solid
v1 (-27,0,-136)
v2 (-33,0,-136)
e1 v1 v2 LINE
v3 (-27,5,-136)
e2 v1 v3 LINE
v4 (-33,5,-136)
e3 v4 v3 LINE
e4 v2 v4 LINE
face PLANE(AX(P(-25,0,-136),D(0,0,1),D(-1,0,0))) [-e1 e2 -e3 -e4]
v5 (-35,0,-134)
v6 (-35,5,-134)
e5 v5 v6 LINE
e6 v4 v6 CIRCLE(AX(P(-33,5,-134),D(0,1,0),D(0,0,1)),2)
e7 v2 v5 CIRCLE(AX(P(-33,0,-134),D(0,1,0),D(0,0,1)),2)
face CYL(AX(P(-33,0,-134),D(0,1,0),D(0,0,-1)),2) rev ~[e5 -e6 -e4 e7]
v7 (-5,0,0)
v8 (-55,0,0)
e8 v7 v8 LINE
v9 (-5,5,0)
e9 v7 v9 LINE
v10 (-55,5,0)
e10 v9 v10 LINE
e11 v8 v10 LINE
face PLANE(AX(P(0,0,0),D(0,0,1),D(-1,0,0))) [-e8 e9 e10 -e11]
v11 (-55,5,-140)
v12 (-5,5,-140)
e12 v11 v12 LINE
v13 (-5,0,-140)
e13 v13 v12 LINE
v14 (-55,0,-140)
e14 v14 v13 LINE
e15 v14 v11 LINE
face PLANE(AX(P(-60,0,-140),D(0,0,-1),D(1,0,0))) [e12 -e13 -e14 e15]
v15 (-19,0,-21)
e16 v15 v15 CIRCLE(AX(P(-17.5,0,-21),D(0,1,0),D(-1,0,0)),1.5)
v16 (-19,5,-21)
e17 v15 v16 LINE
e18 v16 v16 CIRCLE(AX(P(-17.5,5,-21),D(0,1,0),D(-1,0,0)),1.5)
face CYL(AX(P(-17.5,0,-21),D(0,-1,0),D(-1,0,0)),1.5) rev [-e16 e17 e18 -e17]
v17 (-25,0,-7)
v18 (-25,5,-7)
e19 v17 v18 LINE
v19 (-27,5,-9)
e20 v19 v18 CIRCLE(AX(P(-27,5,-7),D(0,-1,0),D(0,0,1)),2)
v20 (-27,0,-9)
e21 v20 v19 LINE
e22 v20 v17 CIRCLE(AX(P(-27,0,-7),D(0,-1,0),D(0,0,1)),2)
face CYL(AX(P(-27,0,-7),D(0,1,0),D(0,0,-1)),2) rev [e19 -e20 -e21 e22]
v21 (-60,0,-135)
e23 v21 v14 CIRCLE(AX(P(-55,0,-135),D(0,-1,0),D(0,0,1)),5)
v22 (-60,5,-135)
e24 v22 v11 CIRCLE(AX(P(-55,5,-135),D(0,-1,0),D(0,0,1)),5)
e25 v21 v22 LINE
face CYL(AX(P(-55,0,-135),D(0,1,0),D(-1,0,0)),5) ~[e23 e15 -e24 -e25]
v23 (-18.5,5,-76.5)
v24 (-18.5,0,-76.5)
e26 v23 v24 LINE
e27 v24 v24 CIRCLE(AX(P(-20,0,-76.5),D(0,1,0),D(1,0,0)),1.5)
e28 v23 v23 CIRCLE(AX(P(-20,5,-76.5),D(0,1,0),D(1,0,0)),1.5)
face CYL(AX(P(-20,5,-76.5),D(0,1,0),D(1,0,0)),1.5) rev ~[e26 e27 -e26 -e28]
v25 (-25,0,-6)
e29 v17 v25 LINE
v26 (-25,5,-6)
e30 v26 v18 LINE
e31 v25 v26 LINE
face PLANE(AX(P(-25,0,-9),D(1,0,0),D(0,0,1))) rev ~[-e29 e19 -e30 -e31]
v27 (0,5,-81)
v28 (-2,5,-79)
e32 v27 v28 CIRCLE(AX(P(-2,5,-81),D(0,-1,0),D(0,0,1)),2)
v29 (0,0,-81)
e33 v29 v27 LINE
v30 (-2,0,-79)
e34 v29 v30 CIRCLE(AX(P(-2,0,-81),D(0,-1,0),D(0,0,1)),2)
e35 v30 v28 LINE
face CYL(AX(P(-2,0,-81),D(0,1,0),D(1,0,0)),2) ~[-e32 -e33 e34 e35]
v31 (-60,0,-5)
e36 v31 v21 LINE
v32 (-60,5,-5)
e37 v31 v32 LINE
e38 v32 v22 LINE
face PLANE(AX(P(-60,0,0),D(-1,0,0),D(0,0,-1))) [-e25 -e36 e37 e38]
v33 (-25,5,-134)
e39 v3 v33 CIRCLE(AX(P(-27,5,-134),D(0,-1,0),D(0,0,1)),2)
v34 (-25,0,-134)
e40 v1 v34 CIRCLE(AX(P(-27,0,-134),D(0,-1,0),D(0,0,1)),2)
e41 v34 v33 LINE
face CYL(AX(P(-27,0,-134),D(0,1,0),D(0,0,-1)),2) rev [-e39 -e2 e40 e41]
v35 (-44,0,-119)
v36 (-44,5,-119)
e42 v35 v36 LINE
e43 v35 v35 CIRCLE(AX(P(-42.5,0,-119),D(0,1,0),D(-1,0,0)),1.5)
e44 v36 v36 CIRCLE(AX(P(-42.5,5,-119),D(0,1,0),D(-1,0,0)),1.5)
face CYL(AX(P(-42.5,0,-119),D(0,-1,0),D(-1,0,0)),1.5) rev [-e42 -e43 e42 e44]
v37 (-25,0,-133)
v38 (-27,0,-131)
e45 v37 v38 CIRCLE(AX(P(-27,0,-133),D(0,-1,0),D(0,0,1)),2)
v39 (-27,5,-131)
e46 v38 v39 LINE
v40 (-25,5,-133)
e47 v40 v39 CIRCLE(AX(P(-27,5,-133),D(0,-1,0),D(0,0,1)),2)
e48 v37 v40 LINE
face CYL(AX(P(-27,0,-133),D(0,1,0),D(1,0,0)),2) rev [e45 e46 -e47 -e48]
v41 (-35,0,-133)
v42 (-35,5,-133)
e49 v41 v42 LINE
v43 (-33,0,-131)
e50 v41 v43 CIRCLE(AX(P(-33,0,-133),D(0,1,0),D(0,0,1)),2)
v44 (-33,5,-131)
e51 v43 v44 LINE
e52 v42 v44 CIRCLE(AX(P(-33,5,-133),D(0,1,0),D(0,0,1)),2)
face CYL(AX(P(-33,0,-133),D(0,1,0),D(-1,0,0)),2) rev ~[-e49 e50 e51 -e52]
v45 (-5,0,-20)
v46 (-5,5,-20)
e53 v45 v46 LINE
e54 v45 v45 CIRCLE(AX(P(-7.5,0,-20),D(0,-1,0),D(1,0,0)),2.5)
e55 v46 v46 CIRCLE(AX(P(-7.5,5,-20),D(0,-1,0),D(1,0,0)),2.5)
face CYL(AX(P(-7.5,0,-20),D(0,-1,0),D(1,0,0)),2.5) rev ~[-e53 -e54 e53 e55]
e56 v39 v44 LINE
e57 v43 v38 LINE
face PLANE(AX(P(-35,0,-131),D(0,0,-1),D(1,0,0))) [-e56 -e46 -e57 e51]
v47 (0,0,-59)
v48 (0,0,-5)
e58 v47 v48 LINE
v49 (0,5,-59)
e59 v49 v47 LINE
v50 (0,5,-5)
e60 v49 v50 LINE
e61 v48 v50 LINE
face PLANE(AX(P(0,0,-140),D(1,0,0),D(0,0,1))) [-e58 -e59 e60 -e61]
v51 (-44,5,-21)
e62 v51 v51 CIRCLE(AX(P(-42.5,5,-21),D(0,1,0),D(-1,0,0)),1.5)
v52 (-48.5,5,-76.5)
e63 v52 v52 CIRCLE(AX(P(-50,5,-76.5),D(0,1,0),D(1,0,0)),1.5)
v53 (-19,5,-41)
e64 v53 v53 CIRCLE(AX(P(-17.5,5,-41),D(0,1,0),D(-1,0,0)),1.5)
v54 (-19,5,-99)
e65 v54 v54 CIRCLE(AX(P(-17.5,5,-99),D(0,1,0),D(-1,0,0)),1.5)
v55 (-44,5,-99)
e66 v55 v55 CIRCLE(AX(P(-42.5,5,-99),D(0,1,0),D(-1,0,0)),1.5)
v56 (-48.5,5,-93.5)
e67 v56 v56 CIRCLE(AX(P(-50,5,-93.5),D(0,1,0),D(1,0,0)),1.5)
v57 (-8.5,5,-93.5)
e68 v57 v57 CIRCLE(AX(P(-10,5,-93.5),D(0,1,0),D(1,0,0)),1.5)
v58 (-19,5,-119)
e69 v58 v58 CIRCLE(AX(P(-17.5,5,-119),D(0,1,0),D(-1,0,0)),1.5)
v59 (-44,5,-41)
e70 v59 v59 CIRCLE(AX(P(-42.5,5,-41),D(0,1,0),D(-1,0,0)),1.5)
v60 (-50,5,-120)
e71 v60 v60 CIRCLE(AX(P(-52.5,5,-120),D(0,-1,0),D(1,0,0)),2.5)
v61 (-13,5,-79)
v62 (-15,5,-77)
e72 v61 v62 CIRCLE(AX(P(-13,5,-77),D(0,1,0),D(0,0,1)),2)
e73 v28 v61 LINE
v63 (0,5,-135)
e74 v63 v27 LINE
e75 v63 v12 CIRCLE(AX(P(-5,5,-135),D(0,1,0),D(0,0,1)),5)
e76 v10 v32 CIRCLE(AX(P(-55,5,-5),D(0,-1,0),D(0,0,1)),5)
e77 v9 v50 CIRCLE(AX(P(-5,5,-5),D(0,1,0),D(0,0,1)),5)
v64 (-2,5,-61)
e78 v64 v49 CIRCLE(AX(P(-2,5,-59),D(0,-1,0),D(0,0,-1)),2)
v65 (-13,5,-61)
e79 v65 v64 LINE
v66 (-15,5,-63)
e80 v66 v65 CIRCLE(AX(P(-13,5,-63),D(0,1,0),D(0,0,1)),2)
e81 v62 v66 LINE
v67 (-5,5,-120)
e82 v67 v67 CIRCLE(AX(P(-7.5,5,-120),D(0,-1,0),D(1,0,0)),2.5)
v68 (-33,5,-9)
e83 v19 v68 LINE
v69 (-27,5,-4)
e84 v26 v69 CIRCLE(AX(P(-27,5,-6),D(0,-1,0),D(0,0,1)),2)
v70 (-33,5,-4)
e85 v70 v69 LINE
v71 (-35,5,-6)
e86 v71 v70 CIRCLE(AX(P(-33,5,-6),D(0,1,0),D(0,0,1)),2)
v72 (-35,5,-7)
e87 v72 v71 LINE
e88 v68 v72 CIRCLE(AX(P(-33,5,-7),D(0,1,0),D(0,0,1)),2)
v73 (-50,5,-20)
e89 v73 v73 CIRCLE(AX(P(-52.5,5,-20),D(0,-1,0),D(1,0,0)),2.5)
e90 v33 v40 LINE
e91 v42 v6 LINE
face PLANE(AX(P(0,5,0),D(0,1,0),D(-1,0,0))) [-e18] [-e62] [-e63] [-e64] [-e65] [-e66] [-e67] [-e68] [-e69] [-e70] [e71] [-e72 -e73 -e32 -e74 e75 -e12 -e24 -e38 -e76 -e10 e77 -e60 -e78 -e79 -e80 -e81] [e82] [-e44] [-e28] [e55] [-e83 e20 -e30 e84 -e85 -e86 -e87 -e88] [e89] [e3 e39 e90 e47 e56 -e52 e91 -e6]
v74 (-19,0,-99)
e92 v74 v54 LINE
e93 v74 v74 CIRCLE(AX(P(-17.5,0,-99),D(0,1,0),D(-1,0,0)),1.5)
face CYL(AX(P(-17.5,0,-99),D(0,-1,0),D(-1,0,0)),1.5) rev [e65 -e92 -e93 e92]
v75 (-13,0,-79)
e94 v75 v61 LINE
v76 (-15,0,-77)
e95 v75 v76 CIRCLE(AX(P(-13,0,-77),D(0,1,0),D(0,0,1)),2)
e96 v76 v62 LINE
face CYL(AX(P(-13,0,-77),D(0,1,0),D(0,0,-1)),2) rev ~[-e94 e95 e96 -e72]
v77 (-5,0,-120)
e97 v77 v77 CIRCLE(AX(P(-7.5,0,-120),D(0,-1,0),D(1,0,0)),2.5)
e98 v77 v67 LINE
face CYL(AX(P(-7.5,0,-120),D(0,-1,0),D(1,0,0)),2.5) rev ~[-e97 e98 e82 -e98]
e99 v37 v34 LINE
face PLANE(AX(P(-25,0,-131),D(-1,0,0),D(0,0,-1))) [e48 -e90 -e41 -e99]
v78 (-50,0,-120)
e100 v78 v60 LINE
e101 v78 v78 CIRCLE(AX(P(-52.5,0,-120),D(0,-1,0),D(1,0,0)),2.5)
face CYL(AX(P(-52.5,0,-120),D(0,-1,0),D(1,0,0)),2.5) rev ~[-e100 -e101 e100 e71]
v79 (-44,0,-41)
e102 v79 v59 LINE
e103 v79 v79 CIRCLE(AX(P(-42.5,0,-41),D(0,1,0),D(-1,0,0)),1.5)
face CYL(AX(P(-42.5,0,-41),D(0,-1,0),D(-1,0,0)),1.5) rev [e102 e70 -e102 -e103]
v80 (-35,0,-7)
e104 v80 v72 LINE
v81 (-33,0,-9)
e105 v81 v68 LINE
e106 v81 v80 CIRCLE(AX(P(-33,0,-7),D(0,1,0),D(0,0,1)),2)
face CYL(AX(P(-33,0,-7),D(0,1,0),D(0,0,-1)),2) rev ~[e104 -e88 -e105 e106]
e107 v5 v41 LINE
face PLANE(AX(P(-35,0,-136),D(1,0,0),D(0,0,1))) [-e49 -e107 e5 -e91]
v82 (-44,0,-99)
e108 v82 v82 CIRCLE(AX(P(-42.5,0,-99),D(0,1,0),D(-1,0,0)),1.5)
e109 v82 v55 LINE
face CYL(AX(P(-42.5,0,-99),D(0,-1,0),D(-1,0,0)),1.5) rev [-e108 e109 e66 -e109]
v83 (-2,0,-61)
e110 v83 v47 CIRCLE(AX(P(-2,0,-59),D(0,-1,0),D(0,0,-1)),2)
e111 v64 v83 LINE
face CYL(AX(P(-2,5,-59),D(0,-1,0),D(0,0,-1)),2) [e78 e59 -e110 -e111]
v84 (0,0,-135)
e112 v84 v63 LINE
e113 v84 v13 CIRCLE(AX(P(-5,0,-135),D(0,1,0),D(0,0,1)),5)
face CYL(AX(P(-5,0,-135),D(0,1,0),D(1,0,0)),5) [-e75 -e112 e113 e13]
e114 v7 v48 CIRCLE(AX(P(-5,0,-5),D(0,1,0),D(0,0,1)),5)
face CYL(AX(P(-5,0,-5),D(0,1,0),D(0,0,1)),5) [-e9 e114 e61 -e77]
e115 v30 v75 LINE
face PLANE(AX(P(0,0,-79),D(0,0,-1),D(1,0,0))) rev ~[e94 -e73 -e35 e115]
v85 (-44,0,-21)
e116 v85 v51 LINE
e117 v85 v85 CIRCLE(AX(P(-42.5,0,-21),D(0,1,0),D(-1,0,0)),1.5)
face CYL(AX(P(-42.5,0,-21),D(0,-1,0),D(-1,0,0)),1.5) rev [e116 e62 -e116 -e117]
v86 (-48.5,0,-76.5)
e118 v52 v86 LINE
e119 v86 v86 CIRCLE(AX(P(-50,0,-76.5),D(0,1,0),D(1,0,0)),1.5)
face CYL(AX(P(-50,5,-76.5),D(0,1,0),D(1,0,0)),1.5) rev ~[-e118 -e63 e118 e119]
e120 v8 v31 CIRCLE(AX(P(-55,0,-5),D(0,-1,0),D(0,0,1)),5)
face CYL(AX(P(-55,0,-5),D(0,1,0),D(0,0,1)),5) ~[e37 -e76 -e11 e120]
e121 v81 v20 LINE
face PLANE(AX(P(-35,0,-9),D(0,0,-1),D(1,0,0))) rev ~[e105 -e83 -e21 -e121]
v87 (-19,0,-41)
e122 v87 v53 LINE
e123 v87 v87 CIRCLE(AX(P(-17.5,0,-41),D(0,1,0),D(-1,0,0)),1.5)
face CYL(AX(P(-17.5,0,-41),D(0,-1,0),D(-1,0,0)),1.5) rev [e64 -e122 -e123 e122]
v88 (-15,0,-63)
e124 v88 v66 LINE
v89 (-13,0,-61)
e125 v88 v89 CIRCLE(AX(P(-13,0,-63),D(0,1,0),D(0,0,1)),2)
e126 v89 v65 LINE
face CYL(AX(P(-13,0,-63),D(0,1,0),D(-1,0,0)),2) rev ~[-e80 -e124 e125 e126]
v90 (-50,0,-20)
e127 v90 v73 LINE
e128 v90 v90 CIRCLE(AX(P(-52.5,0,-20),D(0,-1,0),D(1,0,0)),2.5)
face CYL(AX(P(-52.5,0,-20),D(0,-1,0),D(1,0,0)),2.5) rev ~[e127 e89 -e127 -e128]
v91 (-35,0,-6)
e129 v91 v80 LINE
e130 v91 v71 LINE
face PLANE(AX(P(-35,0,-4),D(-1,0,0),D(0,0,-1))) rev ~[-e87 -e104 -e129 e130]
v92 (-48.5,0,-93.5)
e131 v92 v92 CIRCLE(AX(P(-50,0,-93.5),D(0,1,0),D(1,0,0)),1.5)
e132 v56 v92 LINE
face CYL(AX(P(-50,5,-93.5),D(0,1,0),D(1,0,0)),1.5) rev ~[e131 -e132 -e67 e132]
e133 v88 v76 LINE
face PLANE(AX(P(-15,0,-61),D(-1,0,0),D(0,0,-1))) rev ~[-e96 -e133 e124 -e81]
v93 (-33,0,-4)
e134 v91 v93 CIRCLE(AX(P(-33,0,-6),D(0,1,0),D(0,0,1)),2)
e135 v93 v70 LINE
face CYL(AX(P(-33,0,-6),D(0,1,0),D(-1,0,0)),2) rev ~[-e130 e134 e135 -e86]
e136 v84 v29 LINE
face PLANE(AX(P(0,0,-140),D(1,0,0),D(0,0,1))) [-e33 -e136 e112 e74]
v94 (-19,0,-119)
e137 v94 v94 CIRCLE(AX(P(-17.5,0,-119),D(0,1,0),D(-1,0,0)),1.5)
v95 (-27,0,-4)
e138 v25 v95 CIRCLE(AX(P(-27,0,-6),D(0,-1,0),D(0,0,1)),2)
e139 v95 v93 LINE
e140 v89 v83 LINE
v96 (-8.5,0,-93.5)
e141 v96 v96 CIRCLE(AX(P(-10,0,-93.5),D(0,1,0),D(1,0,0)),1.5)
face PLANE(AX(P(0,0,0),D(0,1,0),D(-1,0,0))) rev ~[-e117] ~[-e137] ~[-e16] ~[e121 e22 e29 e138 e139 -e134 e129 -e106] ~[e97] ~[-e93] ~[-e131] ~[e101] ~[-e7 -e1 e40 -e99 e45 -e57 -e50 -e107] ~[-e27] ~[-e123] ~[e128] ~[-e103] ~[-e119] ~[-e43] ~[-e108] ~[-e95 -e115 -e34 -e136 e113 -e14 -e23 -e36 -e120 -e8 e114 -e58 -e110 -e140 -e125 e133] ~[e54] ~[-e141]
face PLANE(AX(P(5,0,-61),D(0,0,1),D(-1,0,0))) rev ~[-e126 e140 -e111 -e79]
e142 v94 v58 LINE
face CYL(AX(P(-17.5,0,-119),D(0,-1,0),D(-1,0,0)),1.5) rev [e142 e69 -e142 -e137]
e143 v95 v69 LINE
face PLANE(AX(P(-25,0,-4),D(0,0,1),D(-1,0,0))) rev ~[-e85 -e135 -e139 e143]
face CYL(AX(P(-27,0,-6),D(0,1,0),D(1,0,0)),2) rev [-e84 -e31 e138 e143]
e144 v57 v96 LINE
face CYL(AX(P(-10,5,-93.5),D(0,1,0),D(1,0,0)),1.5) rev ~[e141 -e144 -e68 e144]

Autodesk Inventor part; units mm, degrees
ref_plane "YZ Plane" through (0, 0, 0) normal (1, 0, 0) x (0, 1, 0)
ref_plane "XZ Plane" through (0, 0, 0) normal (0, 1, 0) x (-1, 0, 0)
ref_plane "XY Plane" through (0, 0, 0) normal (0, 0, 1) x (1, 0, 0)
sketch "Sketch1" plane through (0, 0, 0) normal (0, 1, 0) x (-1, 0, 0)
  line L0 (0, 0) -> (60, 0)
  line L1 (60, 0) -> (60, -140)
  line L2 (60, -140) -> (0, -140)
  line L3 (0, -140) -> (0, 0)
  line L4 (30, -20.8594) -> (30, -183.1932) construction
  line L5 (42.5, -21.7206) -> (42.5, -191.0157) construction
  line L6 (17.5, -21.7206) -> (17.5, -184.1979) construction
  circle A0 centre (42.5, -21) radius 1.5
  circle A1 centre (42.5, -41) radius 1.5
  circle A2 centre (42.5, -99) radius 1.5
  circle A3 centre (42.5, -119) radius 1.5
  circle A4 centre (17.5, -99) radius 1.5
  circle A5 centre (17.5, -119) radius 1.5
  circle A6 centre (17.5, -41) radius 1.5
  circle A7 centre (17.5, -21) radius 1.5
  dimension "d0" = 140
  dimension "d1" = 60
  dimension "d2" = 30
  dimension "d3" = 12.5
  dimension "d4" = 12.5
  dimension "d5" = 3
  dimension "d6" = 3
  dimension "d7" = 3
  dimension "d8" = 3
  dimension "d9" = 3
  dimension "d10" = 3
  dimension "d11" = 3
  dimension "d12" = 3
  dimension "d13" = 20
  dimension "d14" = 20
  dimension "d15" = 20
  dimension "d16" = 20
  dimension "d17" = 21
  dimension "d18" = 21
  dimension "d19" = 21
  dimension "d20" = 21
extrude "Extrusion1" add sketch "Sketch1" along normal blind 5
sketch "Sketch2" plane through (0, 0, 0) normal (0, -1, 0) x (1, 0, 0)
  circle A0 centre (-7.5, -20) radius 2.5
  circle A1 centre (-7.5, -120) radius 2.5
  circle A2 centre (-52.5, -20) radius 2.5
  circle A3 centre (-52.5, -120) radius 2.5
  line L0 (-60, 0) -> (0, 0) projected
  line L1 (0, 0) -> (0, -140) projected
  line L2 (-60, -140) -> (-60, 0) projected
  line L3 (0, -140) -> (-60, -140) projected
  dimension "d23" = 5
  dimension "d24" = 5
  dimension "d25" = 5
  dimension "d26" = 5
  dimension "d27" = 20
  dimension "d28" = 7.5
  dimension "d29" = 20
  dimension "d30" = 7.5
  dimension "d31" = 20
  dimension "d32" = 7.5
  dimension "d33" = 20
  dimension "d34" = 7.5
extrude "Extrusion2" cut sketch "Sketch2" against normal blind 10 contours A0 | A1 | A2 | A3
sketch "Sketch3" plane through (0, 0, 0) normal (0, -1, 0) x (1, 0, 0)
  line L0 (-25, -4) -> (-35, -4)
  line L1 (-35, -4) -> (-35, -9)
  line L2 (-35, -9) -> (-25, -9)
  line L3 (-25, -9) -> (-25, -4)
  line L4 (9.3646, -70) -> (-76.8402, -70) construction
  line L5 (-60, 0) -> (0, 0) projected
  line L6 (0, 0) -> (0, -140) projected
  line L7 (-25, -136) -> (-35, -136)
  line L8 (-35, -136) -> (-35, -131)
  line L9 (-35, -131) -> (-25, -131)
  line L10 (-25, -131) -> (-25, -136)
  dimension "d40" = 70
  dimension "d41" = 10
  dimension "d42" = 4
  dimension "d43" = 5
  dimension "d44" = 25
extrude "Extrusion3" cut sketch "Sketch3" against normal blind 10
fillet "Fillet2" radius 5 4 edges at (-60, 2.5, 0) (-60, 2.5, -140) (0, 2.5, -140) (0, 2.5, 0)
sketch "Sketch4" plane through (0, 5, 0) normal (0, 1, 0) x (1, 0, 0)
  circle A0 centre (-50, 76.5) radius 1.5
  circle A1 centre (-50, 93.5) radius 1.5
  circle A2 centre (-20, 76.5) radius 1.5
  circle A3 centre (-10, 93.5) radius 1.5
  line L0 (-5, 140) -> (-55, 140) projected
  line L1 (-60, 135) -> (-60, 5) projected
  line L2 (0, 5) -> (0, 135) projected
  point P0 (0, 0)
  dimension "d49" = 3
  dimension "d50" = 3
  dimension "d51" = 3
  dimension "d52" = 3
  dimension "d53" = 46.5
  dimension "d54" = 46.5
  dimension "d55" = 63.5
  dimension "d56" = 63.5
  dimension "d57" = 10
  dimension "d59" = 10
  dimension "d71" = 10
  dimension "d72" = 20
extrude "Extrusion4" cut sketch "Sketch4" against normal blind 10
sketch "Sketch5" plane through (0, 0, 0) normal (0, -1, 0) x (1, 0, 0)
  line L0 (59.7124, -61) -> (87.7124, -61) projected
  line L1 (87.7124, -79) -> (59.7124, -79) projected
  line L2 (5, -61) -> (-15, -61)
  line L3 (-15, -61) -> (-15, -79)
  line L4 (-15, -79) -> (5, -79)
  line L5 (5, -79) -> (5, -61)
  line L6 (0, -5) -> (0, -135) projected
  point P0 (0, 0)
  dimension "d66" = 15
  dimension "d67" = 5
extrude "Extrusion5" cut sketch "Sketch5" against normal blind 10
fillet "Fillet3" radius 2 4 edges at (0, 2.5, -79) (0, 2.5, -61) (-15, 2.5, -79) (-15, 2.5, -61)
fillet "Fillet4" radius 2 8 edges at (-25, 2.5, -9) (-25, 2.5, -4) (-35, 2.5, -4) (-35, 2.5, -9) (-35, 2.5, -136) (-35, 2.5, -131) (-25, 2.5, -131) (-25, 2.5, -136)
equation "\"d2\" = 0.5 * d1"
equation "\"d4\" = d3"
equation "\"d6\" = d5"
equation "\"d7\" = d5"
equation "\"d8\" = d5"
equation "\"d9\" = d5"
equation "\"d10\" = d5"
equation "\"d11\" = d5"
equation "\"d12\" = d5"
equation "\"d14\" = d13"
equation "\"d15\" = d13"
equation "\"d16\" = d13"
equation "\"d18\" = d17"
equation "\"d19\" = d17"
equation "\"d20\" = d17"
equation "\"d29\" = d27"
equation "\"d30\" = d28"
equation "\"d31\" = d27"
equation "\"d32\" = d28"
equation "\"d33\" = d27"
equation "\"d34\" = d28"
equation "\"d50\" = d49"
equation "\"d51\" = d49"
equation "\"d52\" = d49"
properties part number "Y-Axis_front_plate_bottom"
